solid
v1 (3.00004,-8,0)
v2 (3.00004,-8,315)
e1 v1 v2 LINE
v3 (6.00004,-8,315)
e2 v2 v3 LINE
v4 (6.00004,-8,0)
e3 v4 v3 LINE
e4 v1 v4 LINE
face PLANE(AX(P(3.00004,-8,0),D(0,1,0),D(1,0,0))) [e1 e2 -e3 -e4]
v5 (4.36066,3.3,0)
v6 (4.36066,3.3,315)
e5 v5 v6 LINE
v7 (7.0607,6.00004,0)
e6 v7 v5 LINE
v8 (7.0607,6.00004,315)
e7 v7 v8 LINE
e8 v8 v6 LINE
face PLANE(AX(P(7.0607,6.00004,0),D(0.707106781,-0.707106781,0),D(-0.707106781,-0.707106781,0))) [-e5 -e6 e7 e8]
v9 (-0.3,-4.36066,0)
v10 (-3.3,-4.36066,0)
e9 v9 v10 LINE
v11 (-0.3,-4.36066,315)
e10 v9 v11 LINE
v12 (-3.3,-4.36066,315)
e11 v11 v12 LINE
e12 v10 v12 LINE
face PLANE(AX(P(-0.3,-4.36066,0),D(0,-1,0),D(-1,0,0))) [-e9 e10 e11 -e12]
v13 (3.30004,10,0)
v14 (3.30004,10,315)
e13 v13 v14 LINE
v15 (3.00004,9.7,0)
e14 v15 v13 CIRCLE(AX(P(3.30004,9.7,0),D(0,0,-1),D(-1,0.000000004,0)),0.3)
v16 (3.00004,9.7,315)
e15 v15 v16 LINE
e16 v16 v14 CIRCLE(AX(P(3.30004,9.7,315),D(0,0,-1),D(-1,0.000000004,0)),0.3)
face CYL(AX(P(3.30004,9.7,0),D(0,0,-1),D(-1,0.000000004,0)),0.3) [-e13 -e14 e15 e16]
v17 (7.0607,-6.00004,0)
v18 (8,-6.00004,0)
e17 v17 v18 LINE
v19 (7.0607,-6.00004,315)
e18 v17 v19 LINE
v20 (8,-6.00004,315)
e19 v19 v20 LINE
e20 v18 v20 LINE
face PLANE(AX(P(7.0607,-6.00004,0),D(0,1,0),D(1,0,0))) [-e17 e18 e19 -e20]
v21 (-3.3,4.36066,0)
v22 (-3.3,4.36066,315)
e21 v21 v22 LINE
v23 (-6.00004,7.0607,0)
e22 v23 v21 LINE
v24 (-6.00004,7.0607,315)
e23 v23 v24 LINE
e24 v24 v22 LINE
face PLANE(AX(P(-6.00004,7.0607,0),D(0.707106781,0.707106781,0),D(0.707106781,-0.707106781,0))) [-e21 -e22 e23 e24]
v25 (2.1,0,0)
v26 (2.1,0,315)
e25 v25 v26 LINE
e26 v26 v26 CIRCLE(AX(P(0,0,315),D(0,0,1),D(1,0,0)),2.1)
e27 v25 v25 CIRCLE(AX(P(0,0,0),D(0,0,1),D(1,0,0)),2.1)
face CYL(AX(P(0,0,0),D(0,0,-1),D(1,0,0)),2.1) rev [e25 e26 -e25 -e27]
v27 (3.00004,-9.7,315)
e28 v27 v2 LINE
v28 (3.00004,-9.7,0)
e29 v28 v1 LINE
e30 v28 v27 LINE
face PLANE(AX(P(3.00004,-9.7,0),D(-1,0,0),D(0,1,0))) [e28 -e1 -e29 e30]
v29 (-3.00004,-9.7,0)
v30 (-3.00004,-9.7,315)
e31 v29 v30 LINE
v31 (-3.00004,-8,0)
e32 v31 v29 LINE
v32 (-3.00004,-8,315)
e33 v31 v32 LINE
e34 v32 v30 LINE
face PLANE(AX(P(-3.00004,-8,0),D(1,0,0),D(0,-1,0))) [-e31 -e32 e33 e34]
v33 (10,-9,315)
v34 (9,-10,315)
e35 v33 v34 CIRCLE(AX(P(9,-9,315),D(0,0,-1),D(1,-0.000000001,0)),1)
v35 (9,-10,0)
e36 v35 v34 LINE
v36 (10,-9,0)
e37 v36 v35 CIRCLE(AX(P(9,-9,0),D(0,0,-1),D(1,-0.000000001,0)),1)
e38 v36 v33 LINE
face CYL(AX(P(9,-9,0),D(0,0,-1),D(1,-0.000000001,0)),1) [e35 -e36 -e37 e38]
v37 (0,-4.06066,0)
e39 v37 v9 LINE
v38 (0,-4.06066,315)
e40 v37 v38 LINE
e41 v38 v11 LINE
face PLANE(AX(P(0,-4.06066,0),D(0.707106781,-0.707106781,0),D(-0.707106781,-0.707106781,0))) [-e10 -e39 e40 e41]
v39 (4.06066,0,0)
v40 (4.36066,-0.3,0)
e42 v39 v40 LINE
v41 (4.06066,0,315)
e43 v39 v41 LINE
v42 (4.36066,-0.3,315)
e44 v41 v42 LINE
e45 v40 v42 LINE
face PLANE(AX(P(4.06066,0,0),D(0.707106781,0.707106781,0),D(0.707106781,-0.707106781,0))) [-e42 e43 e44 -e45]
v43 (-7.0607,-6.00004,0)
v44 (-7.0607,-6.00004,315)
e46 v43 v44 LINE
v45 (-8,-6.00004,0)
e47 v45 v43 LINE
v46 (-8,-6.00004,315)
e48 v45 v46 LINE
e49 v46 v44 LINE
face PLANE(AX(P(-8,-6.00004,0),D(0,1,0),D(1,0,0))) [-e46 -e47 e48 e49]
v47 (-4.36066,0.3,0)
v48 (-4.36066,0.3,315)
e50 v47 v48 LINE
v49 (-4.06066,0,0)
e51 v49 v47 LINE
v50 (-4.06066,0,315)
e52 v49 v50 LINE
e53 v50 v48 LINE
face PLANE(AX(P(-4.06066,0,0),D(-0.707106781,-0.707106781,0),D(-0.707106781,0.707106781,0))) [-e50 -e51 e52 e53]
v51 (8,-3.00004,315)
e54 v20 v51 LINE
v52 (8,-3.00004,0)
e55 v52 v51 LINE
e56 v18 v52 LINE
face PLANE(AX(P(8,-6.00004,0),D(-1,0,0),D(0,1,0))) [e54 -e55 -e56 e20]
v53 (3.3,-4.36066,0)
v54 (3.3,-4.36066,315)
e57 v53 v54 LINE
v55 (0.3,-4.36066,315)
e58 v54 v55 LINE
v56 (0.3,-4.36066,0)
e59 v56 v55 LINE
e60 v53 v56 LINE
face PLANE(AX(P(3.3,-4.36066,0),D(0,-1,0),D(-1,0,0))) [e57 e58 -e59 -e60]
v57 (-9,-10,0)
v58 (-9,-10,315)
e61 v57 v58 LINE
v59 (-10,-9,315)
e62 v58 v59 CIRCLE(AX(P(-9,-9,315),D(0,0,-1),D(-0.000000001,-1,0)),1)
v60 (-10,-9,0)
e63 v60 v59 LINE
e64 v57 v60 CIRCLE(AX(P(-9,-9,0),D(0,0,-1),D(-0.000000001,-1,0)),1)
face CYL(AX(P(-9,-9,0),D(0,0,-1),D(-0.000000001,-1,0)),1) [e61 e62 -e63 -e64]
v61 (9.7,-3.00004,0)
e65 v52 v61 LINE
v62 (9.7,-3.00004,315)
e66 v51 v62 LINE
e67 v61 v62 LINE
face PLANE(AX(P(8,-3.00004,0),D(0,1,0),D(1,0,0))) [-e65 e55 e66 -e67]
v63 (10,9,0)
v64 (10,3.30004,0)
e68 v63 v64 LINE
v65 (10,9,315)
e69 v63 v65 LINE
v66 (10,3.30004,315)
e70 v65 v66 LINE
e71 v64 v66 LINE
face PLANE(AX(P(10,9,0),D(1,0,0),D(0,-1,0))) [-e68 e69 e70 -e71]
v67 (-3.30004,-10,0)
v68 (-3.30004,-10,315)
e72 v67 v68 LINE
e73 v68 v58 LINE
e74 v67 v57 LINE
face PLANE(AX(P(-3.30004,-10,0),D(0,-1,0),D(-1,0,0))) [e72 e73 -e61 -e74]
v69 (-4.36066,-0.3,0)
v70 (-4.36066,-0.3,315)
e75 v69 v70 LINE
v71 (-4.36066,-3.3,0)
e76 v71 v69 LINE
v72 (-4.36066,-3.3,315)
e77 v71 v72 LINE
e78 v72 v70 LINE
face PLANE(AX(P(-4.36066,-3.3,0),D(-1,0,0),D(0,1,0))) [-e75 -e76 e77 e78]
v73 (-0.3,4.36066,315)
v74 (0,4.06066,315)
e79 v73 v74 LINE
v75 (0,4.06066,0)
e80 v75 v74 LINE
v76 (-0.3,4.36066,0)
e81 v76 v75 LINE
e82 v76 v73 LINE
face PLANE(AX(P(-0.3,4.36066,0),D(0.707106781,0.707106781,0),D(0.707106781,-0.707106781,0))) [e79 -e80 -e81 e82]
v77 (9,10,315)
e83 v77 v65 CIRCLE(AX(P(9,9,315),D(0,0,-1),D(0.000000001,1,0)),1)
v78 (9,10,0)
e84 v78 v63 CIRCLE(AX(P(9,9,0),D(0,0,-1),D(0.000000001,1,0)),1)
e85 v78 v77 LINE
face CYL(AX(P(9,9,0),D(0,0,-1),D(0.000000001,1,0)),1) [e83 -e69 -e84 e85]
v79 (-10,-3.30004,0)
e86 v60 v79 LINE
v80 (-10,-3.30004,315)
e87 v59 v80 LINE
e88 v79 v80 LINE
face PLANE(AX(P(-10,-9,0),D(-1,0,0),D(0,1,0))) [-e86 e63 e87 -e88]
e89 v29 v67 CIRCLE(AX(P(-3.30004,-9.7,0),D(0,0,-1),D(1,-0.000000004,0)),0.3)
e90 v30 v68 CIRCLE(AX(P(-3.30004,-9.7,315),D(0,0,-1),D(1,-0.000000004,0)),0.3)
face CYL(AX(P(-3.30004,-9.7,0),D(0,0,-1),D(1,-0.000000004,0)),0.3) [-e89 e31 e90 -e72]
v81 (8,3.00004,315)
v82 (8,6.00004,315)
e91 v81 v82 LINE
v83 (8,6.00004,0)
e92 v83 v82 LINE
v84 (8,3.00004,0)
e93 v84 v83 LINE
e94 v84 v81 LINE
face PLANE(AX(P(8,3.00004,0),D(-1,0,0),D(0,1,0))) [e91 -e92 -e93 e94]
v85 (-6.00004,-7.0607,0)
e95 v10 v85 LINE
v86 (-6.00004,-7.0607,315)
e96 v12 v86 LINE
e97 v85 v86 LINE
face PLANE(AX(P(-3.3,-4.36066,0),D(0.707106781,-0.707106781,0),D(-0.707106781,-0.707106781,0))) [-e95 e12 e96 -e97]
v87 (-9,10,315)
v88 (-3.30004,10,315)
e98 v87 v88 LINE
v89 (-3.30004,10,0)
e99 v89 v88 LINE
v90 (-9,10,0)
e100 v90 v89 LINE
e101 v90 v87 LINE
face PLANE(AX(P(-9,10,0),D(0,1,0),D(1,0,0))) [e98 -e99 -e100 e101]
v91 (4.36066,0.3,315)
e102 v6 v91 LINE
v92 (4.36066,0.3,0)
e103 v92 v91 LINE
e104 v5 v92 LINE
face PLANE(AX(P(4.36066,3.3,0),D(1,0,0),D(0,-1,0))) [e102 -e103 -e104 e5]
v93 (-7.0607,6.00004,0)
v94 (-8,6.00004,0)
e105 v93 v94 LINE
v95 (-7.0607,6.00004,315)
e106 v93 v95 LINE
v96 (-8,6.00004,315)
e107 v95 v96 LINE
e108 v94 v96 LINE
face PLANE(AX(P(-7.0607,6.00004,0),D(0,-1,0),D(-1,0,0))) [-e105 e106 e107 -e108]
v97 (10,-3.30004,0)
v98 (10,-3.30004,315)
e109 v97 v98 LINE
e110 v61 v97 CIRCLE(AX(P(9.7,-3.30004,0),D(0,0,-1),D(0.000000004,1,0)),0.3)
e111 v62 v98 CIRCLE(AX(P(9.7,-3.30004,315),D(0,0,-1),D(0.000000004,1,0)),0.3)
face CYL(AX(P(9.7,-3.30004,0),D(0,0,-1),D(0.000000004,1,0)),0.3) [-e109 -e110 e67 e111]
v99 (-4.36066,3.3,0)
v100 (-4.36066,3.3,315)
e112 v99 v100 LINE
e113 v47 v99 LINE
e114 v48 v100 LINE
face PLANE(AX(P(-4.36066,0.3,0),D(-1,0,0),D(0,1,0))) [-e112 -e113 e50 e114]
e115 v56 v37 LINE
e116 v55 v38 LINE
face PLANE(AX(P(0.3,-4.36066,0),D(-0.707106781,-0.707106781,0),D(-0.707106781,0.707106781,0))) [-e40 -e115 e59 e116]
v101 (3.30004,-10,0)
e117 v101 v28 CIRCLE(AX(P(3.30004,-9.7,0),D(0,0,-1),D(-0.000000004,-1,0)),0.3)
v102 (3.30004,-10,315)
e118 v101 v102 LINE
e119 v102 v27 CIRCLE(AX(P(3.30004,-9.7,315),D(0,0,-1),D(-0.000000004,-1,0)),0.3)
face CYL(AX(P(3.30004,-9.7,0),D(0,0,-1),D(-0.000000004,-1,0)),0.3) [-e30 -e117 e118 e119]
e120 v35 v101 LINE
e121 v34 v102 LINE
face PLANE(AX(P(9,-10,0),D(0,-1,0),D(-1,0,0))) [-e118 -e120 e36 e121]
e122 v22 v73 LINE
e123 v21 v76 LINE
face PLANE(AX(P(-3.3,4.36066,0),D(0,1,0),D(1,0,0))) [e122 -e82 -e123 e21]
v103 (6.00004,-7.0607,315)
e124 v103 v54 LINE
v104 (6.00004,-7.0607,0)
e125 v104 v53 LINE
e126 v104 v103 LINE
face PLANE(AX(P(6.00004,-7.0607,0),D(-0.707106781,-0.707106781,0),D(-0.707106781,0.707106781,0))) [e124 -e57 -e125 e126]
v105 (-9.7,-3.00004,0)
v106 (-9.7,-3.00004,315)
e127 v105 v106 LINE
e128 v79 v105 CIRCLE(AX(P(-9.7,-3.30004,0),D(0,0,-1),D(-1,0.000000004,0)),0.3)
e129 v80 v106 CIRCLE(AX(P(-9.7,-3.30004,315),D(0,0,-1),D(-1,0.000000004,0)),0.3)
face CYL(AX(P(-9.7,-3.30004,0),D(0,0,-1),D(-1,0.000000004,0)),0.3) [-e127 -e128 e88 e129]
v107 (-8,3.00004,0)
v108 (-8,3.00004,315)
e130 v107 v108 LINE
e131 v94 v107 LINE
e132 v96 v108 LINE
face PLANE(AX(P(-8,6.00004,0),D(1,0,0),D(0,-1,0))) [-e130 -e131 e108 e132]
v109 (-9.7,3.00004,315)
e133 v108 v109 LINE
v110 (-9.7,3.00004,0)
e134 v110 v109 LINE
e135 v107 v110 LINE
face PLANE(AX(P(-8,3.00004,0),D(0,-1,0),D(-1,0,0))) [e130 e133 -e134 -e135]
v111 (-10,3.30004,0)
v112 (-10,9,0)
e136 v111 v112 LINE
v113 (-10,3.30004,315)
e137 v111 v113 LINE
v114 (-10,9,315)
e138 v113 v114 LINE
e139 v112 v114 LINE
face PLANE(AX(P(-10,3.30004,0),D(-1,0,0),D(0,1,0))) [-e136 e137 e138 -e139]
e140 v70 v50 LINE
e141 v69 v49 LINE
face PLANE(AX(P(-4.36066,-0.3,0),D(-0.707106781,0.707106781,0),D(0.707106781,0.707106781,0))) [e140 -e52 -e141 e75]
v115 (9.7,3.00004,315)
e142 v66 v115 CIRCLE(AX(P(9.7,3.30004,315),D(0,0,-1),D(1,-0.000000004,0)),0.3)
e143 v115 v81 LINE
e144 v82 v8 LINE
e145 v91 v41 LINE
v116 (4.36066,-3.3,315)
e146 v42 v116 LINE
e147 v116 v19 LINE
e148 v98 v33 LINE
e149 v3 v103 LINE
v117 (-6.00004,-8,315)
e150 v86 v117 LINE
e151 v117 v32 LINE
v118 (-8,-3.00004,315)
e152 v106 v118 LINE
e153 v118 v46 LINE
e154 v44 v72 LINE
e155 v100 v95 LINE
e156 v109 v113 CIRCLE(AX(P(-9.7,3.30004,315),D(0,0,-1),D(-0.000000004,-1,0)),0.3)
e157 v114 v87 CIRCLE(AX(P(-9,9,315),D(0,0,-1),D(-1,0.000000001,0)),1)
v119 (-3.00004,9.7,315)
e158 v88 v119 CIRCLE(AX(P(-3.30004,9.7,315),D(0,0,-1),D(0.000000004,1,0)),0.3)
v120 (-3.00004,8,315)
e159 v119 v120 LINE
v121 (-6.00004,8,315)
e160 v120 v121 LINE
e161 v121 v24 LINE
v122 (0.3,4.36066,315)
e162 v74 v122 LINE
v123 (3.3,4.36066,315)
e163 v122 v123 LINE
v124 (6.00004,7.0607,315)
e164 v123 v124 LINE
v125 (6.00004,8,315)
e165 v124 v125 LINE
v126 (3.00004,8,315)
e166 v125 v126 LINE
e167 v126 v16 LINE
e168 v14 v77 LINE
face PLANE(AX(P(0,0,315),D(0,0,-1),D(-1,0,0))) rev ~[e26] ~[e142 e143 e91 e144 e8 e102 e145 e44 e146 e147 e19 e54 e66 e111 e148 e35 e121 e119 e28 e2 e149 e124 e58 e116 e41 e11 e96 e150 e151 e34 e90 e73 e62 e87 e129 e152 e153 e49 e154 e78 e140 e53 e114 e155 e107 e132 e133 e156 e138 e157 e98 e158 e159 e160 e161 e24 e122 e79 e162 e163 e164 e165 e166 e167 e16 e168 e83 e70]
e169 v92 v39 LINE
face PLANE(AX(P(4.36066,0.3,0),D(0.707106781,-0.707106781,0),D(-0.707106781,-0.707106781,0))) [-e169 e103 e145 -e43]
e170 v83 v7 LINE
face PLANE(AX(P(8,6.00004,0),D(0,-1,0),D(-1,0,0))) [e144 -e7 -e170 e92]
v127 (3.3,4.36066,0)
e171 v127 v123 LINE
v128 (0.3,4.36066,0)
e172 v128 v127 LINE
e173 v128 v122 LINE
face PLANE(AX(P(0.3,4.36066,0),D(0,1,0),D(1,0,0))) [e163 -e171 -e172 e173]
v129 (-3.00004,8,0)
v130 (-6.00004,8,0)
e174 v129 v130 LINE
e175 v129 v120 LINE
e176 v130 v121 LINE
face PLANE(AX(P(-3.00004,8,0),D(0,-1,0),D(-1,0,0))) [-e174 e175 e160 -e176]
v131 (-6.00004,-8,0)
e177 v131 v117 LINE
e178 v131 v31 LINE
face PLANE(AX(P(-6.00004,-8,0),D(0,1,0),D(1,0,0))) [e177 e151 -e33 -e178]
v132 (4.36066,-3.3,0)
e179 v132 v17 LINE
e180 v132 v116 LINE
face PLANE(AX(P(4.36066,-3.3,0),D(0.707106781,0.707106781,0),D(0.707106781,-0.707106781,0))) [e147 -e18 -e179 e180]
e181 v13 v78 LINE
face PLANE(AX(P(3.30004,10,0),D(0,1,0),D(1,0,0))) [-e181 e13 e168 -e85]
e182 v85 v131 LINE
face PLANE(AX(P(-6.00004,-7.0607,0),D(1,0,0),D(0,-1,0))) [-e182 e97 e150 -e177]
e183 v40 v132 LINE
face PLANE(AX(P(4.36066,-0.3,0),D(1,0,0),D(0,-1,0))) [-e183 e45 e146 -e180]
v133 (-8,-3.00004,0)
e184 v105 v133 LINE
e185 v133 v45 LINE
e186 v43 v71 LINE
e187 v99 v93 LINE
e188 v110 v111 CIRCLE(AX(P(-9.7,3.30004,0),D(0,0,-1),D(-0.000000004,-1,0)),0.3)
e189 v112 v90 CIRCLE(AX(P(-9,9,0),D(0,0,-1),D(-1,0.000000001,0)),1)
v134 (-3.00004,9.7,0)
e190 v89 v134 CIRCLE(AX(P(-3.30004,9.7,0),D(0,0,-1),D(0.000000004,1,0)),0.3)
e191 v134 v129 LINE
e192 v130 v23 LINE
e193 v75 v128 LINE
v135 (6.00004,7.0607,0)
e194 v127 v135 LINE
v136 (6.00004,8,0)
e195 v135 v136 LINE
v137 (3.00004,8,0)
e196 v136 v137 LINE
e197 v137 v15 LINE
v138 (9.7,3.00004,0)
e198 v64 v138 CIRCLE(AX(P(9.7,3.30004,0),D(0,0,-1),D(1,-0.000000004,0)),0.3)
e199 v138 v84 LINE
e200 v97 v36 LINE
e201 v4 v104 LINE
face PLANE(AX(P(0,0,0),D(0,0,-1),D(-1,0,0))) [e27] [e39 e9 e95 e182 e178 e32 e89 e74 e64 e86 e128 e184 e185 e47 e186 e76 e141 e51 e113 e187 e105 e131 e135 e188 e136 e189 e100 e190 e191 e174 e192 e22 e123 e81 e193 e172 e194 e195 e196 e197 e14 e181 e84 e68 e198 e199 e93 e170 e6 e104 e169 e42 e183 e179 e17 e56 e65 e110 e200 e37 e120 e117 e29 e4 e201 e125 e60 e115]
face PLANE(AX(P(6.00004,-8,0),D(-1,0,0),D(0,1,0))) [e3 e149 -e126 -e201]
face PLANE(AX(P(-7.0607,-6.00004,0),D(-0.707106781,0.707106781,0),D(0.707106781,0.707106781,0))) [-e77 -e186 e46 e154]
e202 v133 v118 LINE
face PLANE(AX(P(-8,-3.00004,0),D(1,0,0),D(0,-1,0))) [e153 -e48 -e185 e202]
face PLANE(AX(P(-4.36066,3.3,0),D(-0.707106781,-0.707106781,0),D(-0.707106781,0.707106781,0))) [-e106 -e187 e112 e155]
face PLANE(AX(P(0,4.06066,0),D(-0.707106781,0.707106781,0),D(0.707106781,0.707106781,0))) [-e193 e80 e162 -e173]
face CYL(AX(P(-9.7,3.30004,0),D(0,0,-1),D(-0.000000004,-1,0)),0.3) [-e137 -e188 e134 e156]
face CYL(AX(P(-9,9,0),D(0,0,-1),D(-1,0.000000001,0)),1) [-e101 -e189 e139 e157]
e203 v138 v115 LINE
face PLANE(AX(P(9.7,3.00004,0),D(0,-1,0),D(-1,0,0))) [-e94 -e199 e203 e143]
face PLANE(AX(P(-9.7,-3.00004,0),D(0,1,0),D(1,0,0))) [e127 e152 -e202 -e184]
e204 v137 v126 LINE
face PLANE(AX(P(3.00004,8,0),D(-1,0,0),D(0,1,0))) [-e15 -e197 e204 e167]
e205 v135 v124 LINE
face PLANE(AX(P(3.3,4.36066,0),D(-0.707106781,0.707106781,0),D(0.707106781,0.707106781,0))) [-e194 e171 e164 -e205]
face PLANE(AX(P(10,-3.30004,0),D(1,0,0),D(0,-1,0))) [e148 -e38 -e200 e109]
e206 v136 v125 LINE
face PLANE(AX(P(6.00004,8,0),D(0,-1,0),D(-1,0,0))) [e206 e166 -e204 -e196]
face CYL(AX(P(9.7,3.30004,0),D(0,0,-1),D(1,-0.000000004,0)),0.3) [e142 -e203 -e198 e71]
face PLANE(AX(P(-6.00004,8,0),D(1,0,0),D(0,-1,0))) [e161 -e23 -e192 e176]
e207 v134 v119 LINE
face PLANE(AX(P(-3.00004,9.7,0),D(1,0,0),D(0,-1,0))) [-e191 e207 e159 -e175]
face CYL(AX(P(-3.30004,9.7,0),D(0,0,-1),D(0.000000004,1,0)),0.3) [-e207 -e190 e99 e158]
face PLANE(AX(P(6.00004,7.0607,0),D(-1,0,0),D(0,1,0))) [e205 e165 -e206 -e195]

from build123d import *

# Parameters (mm, degrees)
SKETCH1_R           = 2.1
BOSS_EXTRUDE1_DEPTH = 315


with BuildPart() as part:
    # Sketch1 → Boss-Extrude1 (new body)
    with BuildSketch(Plane.XY):
        with BuildLine():
            Line((3.3, 4.360660172), (6.000039828, 7.0607))
            Line((6.000039828, 7.0607), (6.000039828, 8))
            Line((6.000039828, 8), (3.000039828, 8))
            Line((3.000039828, 8), (3.000039828, 9.7))
            ThreePointArc((3.000039828, 9.7), (3.087907794, 9.912132034), (3.300039828, 10))
            Line((3.300039828, 10), (9, 10))
            ThreePointArc((9, 10), (9.707106781, 9.707106781), (10, 9))
            Line((10, 9), (10, 3.300039828))
            ThreePointArc((10, 3.300039828), (9.912132034, 3.087907794), (9.7, 3.000039828))
            Line((9.7, 3.000039828), (8, 3.000039828))
            Line((8, 3.000039828), (8, 6.000039828))
            Line((8, 6.000039828), (7.0607, 6.000039828))
            Line((7.0607, 6.000039828), (4.360660172, 3.3))
            Line((4.360660172, 3.3), (4.360660172, 0.3))
            Line((4.360660172, 0.3), (4.060660172, 0))
            Line((4.060660172, 0), (4.360660172, -0.3))
            Line((4.360660172, -0.3), (4.360660172, -3.3))
            Line((4.360660172, -3.3), (7.0607, -6.000039828))
            Line((7.0607, -6.000039828), (8, -6.000039828))
            Line((8, -6.000039828), (8, -3.000039828))
            Line((8, -3.000039828), (9.7, -3.000039828))
            ThreePointArc((9.7, -3.000039828), (9.912132034, -3.087907794), (10, -3.300039828))
            Line((10, -3.300039828), (10, -9))
            ThreePointArc((10, -9), (9.707106781, -9.707106781), (9, -10))
            Line((9, -10), (3.300039828, -10))
            ThreePointArc((3.300039828, -10), (3.087907794, -9.912132034), (3.000039828, -9.7))
            Line((3.000039828, -9.7), (3.000039828, -8))
            Line((3.000039828, -8), (6.000039828, -8))
            Line((6.000039828, -8), (6.000039828, -7.0607))
            Line((6.000039828, -7.0607), (3.3, -4.360660172))
            Line((3.3, -4.360660172), (0.3, -4.360660172))
            Line((0.3, -4.360660172), (0, -4.060660172))
            Line((0, -4.060660172), (-0.3, -4.360660172))
            Line((-0.3, -4.360660172), (-3.3, -4.360660172))
            Line((-3.3, -4.360660172), (-6.000039828, -7.0607))
            Line((-6.000039828, -7.0607), (-6.000039828, -8))
            Line((-6.000039828, -8), (-3.000039828, -8))
            Line((-3.000039828, -8), (-3.000039828, -9.7))
            ThreePointArc((-3.000039828, -9.7), (-3.087907794, -9.912132034), (-3.300039828, -10))
            Line((-3.300039828, -10), (-9, -10))
            ThreePointArc((-9, -10), (-9.707106781, -9.707106781), (-10, -9))
            Line((-10, -9), (-10, -3.300039828))
            ThreePointArc((-10, -3.300039828), (-9.912132034, -3.087907794), (-9.7, -3.000039828))
            Line((-9.7, -3.000039828), (-8, -3.000039828))
            Line((-8, -3.000039828), (-8, -6.000039828))
            Line((-8, -6.000039828), (-7.0607, -6.000039828))
            Line((-7.0607, -6.000039828), (-4.360660172, -3.3))
            Line((-4.360660172, -3.3), (-4.360660172, -0.3))
            Line((-4.360660172, -0.3), (-4.060660172, 0))
            Line((-4.060660172, 0), (-4.360660172, 0.3))
            Line((-4.360660172, 0.3), (-4.360660172, 3.3))
            Line((-4.360660172, 3.3), (-7.0607, 6.000039828))
            Line((-7.0607, 6.000039828), (-8, 6.000039828))
            Line((-8, 6.000039828), (-8, 3.000039828))
            Line((-8, 3.000039828), (-9.7, 3.000039828))
            ThreePointArc((-9.7, 3.000039828), (-9.912132034, 3.087907794), (-10, 3.300039828))
            Line((-10, 3.300039828), (-10, 9))
            ThreePointArc((-10, 9), (-9.707106781, 9.707106781), (-9, 10))
            Line((-9, 10), (-3.300039828, 10))
            ThreePointArc((-3.300039828, 10), (-3.087907794, 9.912132034), (-3.000039828, 9.7))
            Line((-3.000039828, 9.7), (-3.000039828, 8))
            Line((-3.000039828, 8), (-6.000039828, 8))
            Line((-6.000039828, 8), (-6.000039828, 7.0607))
            Line((-6.000039828, 7.0607), (-3.3, 4.360660172))
            Line((-3.3, 4.360660172), (-0.3, 4.360660172))
            Line((-0.3, 4.360660172), (0, 4.060660172))
            Line((0, 4.060660172), (0.3, 4.360660172))
            Line((0.3, 4.360660172), (3.3, 4.360660172))
        make_face()
        Circle(SKETCH1_R, mode=Mode.SUBTRACT)
    extrude(amount=BOSS_EXTRUDE1_DEPTH)


solid = part.part
